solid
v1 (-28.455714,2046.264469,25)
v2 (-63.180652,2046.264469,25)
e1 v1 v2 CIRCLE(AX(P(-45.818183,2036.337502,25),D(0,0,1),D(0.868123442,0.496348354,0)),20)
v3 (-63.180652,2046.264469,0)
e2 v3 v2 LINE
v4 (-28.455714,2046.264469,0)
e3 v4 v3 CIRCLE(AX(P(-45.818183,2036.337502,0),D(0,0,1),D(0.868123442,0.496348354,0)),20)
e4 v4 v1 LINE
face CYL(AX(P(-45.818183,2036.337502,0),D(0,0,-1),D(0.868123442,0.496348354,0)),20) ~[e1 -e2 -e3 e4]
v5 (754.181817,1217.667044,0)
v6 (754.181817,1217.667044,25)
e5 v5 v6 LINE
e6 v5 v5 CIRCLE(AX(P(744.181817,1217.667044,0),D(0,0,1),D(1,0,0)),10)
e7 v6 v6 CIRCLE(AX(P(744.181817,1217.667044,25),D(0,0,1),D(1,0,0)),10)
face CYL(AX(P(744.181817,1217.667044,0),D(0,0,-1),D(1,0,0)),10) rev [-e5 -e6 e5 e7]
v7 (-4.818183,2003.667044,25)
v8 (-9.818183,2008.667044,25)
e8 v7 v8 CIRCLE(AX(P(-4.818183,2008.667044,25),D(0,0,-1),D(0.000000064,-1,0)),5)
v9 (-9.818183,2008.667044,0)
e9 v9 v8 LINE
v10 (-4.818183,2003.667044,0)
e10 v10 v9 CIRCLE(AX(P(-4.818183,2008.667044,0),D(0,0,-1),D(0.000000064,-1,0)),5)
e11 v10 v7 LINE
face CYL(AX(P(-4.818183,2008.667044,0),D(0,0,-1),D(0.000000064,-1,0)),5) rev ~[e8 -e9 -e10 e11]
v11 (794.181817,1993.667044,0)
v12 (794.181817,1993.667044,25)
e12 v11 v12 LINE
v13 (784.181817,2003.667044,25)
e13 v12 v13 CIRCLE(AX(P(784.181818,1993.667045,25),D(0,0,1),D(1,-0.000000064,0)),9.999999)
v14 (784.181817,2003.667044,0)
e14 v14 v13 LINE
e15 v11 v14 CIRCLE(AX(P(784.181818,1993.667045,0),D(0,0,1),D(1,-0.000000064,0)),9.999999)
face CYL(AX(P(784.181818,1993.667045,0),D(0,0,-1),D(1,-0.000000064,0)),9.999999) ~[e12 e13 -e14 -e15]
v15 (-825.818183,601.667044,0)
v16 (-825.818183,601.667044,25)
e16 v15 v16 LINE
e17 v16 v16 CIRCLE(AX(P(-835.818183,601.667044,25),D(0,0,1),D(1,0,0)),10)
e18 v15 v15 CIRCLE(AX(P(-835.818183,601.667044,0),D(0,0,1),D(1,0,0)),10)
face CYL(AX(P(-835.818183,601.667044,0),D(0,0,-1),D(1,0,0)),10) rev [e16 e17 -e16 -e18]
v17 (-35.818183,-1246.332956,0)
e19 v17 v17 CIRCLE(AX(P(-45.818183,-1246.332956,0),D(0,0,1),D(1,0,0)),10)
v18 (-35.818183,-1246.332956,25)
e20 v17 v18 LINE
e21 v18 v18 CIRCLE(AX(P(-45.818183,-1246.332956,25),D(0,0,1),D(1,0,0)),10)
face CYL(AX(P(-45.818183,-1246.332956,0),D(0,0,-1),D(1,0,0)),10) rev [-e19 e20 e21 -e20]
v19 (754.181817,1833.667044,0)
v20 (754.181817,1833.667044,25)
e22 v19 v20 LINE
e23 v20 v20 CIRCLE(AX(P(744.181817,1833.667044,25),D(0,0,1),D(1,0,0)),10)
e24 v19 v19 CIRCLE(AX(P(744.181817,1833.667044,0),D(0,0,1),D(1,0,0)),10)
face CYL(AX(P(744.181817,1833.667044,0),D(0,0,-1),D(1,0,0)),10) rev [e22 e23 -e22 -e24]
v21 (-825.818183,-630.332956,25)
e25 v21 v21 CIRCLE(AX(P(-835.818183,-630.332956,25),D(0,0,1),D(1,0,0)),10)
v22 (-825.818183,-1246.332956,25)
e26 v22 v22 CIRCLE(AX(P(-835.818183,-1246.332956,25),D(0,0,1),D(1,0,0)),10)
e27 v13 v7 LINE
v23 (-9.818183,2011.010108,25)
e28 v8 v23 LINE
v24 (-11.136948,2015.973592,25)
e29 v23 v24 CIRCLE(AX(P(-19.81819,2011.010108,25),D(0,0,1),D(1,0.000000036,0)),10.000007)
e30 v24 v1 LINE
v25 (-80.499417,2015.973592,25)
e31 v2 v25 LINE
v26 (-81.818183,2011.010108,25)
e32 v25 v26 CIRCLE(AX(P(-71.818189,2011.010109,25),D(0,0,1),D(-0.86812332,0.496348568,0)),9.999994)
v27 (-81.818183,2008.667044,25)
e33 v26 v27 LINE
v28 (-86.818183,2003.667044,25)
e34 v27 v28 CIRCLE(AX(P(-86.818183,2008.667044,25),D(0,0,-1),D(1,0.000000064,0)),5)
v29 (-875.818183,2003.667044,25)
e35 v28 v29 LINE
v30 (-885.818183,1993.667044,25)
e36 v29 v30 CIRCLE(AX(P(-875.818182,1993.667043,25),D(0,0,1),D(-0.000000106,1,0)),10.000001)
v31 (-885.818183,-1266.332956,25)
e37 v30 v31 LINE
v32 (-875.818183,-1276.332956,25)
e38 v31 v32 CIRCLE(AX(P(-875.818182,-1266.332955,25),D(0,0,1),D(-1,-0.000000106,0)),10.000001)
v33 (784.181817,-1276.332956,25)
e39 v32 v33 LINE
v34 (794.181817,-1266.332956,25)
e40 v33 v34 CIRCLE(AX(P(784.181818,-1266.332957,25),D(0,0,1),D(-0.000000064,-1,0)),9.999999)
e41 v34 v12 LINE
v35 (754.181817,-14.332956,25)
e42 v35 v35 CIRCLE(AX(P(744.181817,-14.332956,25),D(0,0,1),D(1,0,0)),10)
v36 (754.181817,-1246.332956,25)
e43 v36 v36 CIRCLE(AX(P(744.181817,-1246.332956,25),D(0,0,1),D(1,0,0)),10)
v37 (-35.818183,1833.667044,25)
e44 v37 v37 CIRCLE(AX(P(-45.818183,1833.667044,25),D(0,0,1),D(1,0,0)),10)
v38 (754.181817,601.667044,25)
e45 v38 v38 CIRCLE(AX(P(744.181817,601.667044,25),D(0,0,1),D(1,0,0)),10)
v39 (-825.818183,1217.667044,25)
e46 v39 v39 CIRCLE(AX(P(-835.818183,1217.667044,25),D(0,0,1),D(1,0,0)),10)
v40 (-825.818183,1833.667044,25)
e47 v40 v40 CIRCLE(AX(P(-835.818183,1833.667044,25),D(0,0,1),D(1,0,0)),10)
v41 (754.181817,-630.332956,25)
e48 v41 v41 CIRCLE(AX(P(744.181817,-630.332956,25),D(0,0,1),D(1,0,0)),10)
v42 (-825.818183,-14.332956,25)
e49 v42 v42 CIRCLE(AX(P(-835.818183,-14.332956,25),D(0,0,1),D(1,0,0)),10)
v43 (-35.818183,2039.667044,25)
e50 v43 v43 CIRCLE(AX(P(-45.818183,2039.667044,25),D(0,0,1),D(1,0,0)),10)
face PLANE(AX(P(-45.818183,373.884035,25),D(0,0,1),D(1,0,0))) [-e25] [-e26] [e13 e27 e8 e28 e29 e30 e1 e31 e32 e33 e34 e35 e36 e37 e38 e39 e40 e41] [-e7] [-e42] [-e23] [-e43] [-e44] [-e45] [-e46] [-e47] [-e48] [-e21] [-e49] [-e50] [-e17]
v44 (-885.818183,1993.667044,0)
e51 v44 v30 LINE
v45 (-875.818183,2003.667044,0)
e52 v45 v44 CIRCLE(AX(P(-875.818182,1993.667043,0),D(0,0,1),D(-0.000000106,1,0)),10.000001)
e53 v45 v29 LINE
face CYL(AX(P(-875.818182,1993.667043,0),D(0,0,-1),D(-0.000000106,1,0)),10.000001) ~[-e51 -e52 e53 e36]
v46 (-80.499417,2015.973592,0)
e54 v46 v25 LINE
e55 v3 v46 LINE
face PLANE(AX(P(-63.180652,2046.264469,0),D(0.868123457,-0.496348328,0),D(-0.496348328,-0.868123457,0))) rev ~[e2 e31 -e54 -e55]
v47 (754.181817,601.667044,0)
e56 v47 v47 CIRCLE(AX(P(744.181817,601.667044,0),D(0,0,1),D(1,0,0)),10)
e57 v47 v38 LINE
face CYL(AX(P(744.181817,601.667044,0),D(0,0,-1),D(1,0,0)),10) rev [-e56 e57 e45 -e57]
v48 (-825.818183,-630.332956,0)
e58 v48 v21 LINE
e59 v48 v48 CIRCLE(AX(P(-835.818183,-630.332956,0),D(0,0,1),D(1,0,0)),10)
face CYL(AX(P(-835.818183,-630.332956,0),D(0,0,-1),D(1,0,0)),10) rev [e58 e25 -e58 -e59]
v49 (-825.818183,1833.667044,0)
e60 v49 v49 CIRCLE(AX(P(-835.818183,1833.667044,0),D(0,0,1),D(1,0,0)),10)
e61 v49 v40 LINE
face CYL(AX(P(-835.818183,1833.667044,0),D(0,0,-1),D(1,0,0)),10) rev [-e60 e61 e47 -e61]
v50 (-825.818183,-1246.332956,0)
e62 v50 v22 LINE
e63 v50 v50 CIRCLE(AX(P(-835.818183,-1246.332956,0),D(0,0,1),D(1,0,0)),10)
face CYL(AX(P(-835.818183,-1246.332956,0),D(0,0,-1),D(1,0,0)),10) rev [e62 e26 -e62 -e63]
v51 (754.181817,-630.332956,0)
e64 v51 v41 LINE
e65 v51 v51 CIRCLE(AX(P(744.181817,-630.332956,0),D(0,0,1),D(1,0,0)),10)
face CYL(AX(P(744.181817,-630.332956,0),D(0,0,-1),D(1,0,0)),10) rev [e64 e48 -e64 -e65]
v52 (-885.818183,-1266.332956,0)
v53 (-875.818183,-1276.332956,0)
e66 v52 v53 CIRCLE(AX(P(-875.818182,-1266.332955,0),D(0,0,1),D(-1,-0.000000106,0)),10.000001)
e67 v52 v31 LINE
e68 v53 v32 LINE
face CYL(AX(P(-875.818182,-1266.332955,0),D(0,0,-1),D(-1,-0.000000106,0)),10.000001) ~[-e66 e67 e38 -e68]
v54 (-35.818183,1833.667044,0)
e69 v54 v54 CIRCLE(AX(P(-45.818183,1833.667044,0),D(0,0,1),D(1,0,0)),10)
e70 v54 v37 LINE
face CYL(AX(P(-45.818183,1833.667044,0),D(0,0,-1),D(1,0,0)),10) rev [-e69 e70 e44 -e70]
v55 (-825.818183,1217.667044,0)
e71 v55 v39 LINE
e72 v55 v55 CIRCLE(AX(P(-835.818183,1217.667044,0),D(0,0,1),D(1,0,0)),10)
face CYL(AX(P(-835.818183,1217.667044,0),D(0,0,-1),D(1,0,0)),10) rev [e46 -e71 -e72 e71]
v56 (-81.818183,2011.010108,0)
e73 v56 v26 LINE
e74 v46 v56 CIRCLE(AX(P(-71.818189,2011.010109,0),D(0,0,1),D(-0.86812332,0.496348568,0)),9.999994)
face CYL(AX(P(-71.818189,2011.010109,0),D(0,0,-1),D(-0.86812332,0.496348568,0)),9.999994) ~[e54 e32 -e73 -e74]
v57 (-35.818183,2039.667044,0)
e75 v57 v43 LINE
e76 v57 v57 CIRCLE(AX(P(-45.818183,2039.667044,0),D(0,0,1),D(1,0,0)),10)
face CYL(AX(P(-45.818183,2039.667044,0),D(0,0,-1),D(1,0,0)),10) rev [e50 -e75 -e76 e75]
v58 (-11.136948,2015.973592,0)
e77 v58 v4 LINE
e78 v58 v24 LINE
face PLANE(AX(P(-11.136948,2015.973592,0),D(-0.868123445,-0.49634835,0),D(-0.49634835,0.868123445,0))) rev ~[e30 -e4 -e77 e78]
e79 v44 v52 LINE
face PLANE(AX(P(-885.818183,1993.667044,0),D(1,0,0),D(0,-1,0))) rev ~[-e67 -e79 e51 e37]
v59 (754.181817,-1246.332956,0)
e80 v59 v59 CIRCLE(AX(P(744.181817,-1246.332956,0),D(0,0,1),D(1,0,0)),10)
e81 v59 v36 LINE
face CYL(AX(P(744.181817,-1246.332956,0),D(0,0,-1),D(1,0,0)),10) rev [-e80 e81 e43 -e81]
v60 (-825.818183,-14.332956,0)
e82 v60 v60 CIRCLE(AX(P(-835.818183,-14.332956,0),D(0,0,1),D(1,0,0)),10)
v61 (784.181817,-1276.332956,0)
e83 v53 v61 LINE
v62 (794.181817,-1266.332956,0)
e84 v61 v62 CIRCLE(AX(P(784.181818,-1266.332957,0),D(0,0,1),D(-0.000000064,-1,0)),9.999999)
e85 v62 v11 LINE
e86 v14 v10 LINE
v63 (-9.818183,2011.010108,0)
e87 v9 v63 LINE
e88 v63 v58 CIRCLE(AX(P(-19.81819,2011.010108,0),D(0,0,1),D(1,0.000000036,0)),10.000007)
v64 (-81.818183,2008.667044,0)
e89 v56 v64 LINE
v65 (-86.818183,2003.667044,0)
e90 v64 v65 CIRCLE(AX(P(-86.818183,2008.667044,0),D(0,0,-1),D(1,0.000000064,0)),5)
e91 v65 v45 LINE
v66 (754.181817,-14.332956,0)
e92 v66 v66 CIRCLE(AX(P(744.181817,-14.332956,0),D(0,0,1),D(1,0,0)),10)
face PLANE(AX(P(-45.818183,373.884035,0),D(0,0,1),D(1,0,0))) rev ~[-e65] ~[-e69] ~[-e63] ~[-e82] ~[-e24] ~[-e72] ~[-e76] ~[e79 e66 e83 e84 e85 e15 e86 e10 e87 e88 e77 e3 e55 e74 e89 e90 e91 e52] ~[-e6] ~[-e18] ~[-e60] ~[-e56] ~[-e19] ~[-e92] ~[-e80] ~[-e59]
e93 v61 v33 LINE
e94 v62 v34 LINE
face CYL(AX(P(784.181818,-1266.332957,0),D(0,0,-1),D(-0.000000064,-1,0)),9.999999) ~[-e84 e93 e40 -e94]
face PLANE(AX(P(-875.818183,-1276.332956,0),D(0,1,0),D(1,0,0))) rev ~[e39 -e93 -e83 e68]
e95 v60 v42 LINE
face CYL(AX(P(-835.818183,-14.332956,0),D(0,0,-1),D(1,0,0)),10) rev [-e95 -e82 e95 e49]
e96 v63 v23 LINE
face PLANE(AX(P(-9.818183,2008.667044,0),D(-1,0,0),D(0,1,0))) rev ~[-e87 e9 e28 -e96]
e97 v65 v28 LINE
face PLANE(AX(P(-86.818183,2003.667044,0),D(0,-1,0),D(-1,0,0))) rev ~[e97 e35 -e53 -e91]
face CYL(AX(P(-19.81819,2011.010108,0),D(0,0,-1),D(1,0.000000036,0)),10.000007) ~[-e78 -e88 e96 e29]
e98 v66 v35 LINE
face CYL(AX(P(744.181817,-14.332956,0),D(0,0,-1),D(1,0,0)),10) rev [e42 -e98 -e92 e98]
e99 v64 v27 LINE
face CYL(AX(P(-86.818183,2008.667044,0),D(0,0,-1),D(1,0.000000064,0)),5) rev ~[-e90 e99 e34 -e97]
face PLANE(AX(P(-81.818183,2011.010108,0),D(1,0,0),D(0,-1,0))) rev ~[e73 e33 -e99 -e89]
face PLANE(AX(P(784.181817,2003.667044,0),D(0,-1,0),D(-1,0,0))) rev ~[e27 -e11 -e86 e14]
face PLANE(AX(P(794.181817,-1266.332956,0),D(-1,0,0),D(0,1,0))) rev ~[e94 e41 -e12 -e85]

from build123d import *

# Parameters (mm, degrees)
F0_R     = 10
F1_DEPTH = 25


with BuildPart() as f1:
    # F0 (on Top) → F1 (new body)
    with BuildSketch(Plane.XY):
        with BuildLine():
            ThreePointArc((794.181817, 1993.667044), (791.252885, 2000.738112), (784.181817, 2003.667044))
            Line((784.181817, 2003.667044), (-4.818183, 2003.667044))
            ThreePointArc((-4.818183, 2003.667044), (-8.353717, 2005.13151), (-9.818183, 2008.667044))
            Line((-9.818183, 2008.667044), (-9.818183, 2011.010108))
            ThreePointArc((-9.818183, 2011.010108), (-10.153496, 2013.577953), (-11.136948, 2015.973592))
            Line((-11.136948, 2015.973592), (-28.455714, 2046.264469))
            ThreePointArc((-28.455714, 2046.264469), (-45.818183, 2056.337502), (-63.180652, 2046.264469))
            Line((-63.180652, 2046.264469), (-80.499417, 2015.973592))
            ThreePointArc((-80.499417, 2015.973592), (-81.48287, 2013.577953), (-81.818183, 2011.010108))
            Line((-81.818183, 2011.010108), (-81.818183, 2008.667044))
            ThreePointArc((-81.818183, 2008.667044), (-83.282649, 2005.13151), (-86.818183, 2003.667044))
            Line((-86.818183, 2003.667044), (-875.818183, 2003.667044))
            ThreePointArc((-875.818183, 2003.667044), (-882.88925, 2000.738112), (-885.818183, 1993.667044))
            Line((-885.818183, 1993.667044), (-885.818183, -1266.332956))
            ThreePointArc((-885.818183, -1266.332956), (-882.88925, -1273.404024), (-875.818183, -1276.332956))
            Line((-875.818183, -1276.332956), (784.181817, -1276.332956))
            ThreePointArc((784.181817, -1276.332956), (791.252885, -1273.404024), (794.181817, -1266.332956))
            Line((794.181817, -1266.332956), (794.181817, 1993.667044))
        make_face()
        with Locations((-835.818183, -1246.332956)):
            Circle(F0_R, mode=Mode.SUBTRACT)
        with Locations((-835.818183, -630.332956)):
            Circle(F0_R, mode=Mode.SUBTRACT)
        with Locations((-835.818183, -14.332956)):
            Circle(F0_R, mode=Mode.SUBTRACT)
        with Locations((-45.818183, -1246.332956)):
            Circle(F0_R, mode=Mode.SUBTRACT)
        with Locations((744.181817, -1246.332956)):
            Circle(F0_R, mode=Mode.SUBTRACT)
        with Locations((744.181817, -630.332956)):
            Circle(F0_R, mode=Mode.SUBTRACT)
        with Locations((744.181817, -14.332956)):
            Circle(F0_R, mode=Mode.SUBTRACT)
        with Locations((-835.818183, 601.667044)):
            Circle(F0_R, mode=Mode.SUBTRACT)
        with Locations((-835.818183, 1217.667044)):
            Circle(F0_R, mode=Mode.SUBTRACT)
        with Locations((-835.818183, 1833.667044)):
            Circle(F0_R, mode=Mode.SUBTRACT)
        with Locations((-45.818183, 1833.667044)):
            Circle(F0_R, mode=Mode.SUBTRACT)
        with Locations((-45.818183, 2039.667044)):
            Circle(F0_R, mode=Mode.SUBTRACT)
        with Locations((744.181817, 601.667044)):
            Circle(F0_R, mode=Mode.SUBTRACT)
        with Locations((744.181817, 1217.667044)):
            Circle(F0_R, mode=Mode.SUBTRACT)
        with Locations((744.181817, 1833.667044)):
            Circle(F0_R, mode=Mode.SUBTRACT)
    extrude(amount=F1_DEPTH)


solid = f1.part
